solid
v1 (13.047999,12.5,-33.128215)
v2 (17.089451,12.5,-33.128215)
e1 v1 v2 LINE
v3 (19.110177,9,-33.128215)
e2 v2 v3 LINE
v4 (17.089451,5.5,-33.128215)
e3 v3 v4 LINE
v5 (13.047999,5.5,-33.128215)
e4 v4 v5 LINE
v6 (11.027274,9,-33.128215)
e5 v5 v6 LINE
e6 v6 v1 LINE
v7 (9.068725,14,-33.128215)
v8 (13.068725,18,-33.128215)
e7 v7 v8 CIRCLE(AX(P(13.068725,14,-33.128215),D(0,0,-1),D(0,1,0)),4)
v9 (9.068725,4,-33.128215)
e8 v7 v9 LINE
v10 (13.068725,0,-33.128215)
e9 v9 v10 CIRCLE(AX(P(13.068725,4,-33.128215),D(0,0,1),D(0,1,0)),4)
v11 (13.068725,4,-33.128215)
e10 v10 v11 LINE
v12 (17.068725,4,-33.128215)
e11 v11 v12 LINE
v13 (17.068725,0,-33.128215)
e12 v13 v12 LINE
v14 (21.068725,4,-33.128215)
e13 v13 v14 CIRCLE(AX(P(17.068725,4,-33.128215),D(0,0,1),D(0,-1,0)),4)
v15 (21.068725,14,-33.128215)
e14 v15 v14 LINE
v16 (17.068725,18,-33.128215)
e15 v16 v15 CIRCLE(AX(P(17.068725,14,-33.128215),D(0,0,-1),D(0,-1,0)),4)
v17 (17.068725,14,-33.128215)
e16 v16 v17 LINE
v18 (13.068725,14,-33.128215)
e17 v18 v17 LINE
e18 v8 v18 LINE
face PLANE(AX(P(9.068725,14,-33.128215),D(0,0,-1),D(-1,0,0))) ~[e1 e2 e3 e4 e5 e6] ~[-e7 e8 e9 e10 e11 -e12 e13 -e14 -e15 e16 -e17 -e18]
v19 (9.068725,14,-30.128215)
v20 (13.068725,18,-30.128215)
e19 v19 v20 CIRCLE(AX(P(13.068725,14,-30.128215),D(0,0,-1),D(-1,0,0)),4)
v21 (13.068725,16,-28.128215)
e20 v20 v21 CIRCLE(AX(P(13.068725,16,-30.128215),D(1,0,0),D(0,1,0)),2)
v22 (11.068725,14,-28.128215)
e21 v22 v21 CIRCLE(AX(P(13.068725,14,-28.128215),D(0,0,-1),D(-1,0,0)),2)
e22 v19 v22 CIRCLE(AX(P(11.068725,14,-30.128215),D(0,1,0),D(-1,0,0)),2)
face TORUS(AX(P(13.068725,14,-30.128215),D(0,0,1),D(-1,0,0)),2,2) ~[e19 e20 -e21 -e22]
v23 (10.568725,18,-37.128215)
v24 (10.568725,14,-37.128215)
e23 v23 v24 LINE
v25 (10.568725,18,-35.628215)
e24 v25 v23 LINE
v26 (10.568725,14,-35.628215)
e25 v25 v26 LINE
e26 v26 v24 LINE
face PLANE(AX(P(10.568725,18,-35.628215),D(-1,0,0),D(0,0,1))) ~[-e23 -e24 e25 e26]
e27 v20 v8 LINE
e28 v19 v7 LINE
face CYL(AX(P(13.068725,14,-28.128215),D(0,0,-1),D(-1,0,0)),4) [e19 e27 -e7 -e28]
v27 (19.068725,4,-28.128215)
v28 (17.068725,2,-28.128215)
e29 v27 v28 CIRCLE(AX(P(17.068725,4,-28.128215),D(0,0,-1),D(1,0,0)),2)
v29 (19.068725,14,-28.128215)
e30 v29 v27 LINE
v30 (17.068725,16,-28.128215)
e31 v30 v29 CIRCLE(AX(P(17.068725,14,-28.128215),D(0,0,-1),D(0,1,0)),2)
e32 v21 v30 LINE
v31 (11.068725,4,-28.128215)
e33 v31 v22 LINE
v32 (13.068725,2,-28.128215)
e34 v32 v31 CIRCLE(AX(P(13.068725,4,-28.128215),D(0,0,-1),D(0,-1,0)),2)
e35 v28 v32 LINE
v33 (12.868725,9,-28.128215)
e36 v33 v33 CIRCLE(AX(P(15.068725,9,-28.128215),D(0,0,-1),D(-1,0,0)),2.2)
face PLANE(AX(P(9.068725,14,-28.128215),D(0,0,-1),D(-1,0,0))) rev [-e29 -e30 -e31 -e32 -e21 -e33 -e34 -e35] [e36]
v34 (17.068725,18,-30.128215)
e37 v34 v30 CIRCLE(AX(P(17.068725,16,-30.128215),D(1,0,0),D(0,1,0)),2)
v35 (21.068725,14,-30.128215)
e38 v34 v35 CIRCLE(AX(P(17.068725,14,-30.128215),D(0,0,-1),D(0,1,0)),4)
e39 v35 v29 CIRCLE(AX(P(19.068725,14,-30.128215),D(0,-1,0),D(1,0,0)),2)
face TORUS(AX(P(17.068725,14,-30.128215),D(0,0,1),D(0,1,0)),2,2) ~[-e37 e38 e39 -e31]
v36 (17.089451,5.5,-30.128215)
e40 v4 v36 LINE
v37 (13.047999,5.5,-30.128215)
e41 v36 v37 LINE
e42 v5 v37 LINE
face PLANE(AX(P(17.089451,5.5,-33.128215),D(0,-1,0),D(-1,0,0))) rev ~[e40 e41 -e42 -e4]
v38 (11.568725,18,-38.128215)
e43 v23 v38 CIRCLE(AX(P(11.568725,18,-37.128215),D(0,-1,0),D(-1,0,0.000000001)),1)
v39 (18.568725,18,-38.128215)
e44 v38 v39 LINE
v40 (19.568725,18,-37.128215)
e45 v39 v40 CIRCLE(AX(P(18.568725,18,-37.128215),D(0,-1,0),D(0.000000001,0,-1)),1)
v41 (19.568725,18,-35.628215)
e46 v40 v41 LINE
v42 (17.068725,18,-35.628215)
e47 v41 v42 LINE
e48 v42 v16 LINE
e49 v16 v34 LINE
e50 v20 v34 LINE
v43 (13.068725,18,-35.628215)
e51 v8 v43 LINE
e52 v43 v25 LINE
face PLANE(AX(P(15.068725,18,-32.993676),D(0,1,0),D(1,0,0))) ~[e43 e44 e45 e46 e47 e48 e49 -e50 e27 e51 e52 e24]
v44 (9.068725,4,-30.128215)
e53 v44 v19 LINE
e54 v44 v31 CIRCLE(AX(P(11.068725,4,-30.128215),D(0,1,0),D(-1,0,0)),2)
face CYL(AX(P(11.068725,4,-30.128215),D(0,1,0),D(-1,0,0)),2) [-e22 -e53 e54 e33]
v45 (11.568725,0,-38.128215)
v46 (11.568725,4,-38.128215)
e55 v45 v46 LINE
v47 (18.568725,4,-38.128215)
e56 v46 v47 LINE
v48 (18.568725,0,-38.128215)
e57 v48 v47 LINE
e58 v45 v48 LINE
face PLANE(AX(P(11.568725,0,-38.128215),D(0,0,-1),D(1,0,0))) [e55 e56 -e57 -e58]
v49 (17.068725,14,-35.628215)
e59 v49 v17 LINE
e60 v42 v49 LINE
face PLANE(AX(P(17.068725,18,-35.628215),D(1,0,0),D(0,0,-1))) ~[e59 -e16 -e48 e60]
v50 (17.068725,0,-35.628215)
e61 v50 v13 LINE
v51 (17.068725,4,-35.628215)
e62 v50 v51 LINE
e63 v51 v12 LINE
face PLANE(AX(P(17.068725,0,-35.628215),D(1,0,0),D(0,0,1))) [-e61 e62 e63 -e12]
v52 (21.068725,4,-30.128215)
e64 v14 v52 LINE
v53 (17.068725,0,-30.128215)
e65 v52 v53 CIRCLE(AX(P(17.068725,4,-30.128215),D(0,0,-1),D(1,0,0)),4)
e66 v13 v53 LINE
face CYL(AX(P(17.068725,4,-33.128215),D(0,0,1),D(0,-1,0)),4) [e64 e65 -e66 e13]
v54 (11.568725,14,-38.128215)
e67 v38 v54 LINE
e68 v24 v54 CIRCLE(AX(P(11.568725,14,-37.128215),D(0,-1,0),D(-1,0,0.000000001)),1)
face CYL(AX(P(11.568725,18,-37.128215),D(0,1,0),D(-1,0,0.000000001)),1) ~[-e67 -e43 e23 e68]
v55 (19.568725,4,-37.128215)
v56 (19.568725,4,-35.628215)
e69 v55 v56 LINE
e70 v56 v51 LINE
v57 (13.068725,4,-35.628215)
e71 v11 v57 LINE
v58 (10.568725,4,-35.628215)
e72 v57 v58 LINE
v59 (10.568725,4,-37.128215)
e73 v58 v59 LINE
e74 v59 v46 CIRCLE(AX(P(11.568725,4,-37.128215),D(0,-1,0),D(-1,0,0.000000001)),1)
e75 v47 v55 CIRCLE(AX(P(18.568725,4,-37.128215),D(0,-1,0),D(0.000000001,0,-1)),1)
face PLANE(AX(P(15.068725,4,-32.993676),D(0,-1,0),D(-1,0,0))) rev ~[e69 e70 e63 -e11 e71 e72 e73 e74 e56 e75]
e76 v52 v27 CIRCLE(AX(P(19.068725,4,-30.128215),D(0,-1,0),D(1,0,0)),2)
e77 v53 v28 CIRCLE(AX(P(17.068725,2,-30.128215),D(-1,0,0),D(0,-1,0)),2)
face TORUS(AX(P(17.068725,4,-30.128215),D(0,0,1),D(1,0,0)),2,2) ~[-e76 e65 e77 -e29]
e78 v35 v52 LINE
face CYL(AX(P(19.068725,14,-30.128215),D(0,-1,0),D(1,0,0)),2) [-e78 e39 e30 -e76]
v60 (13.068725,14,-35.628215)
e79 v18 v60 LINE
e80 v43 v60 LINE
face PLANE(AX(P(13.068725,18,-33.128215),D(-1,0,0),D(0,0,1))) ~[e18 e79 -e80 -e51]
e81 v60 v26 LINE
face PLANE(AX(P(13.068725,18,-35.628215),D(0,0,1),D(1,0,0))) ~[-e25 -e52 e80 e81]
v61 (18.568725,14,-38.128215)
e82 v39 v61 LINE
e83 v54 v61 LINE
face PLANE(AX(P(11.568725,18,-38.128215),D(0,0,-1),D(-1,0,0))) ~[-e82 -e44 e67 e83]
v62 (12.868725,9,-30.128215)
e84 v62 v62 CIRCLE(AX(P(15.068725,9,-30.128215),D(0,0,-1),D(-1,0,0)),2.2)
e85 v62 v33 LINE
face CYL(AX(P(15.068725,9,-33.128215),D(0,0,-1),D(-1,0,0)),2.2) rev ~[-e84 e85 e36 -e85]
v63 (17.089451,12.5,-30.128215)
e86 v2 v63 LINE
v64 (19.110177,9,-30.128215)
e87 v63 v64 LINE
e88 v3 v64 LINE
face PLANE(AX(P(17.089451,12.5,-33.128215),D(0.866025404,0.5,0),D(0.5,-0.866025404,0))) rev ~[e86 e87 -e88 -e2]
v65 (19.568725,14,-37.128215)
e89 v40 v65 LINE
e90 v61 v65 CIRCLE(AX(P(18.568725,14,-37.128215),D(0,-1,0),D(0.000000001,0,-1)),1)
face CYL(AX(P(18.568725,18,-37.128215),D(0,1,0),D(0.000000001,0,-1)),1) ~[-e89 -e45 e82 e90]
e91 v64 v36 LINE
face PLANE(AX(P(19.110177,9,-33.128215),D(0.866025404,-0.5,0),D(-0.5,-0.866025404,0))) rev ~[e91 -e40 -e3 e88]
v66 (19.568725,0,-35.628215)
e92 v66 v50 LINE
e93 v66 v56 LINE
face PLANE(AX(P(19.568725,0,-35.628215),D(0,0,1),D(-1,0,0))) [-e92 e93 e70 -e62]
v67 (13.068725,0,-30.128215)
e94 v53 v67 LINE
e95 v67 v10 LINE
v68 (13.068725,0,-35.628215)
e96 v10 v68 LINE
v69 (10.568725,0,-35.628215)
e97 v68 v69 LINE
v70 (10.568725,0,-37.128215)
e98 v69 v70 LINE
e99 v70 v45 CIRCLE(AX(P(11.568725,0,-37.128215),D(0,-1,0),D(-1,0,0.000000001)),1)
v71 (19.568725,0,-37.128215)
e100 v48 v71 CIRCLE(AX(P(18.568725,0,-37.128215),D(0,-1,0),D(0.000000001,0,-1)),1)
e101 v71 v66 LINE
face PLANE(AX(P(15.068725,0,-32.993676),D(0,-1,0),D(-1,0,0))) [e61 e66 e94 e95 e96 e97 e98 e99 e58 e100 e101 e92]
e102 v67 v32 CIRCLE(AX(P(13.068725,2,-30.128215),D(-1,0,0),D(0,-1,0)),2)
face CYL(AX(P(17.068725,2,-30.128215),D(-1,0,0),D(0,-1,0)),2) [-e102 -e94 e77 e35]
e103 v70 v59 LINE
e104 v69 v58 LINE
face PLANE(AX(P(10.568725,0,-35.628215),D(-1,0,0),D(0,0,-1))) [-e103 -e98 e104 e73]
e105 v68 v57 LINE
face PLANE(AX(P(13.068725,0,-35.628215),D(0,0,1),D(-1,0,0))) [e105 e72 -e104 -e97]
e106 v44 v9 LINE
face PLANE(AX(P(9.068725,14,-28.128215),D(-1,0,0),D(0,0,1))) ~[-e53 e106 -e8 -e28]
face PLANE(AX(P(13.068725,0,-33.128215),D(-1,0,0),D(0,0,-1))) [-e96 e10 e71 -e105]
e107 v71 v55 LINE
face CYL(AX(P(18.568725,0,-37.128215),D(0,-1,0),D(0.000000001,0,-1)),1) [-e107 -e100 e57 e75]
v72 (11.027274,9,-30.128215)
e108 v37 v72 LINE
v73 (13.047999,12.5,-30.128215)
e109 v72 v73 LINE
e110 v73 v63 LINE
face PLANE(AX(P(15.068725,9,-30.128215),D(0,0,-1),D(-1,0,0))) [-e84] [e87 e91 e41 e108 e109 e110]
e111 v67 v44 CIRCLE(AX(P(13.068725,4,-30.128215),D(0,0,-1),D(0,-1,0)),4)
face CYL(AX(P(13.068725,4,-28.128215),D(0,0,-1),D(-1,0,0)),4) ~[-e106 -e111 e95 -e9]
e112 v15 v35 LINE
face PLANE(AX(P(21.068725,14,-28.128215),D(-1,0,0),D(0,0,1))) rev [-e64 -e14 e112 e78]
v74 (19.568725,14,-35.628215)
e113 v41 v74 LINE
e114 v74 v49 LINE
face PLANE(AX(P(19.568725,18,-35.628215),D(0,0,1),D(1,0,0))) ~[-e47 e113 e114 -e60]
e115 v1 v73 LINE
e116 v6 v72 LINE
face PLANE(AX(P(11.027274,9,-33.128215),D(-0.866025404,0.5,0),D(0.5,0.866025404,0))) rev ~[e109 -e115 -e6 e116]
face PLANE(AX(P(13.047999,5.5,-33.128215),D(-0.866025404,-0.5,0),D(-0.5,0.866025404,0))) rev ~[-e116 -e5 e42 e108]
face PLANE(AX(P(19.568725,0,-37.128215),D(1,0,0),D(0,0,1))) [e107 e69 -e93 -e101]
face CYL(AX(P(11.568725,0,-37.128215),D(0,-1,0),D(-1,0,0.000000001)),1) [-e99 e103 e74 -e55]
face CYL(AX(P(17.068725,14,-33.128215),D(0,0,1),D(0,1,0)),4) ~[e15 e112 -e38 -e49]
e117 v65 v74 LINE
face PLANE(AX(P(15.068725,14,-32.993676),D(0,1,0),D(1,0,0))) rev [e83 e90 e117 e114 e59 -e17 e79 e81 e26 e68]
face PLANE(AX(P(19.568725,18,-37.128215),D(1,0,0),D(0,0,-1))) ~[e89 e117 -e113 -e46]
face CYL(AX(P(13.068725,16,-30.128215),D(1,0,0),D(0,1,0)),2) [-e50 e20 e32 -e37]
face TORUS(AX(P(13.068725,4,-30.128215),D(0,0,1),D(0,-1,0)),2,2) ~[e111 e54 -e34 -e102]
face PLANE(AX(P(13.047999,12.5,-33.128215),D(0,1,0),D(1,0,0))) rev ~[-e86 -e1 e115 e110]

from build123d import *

# Parameters (mm, degrees)
BOSS_EXTRU_3_DEPTH      = 4
ESQUISSE3_W             = 12
ESQUISSE3_H             = 5
BOSS_EXTRU_4_DEPTH      = 5
ENL_V_MAT_EXTRU_1_REACH = 7
ESQUISSE4_R             = 2.2
ENL_V_MAT_EXTRU_2_DEPTH = 3
CONG_1_R                = 4
CONG_2_R                = 2


with BuildPart() as part:
    # Esquisse2 → Boss.-Extru.3 (new body)
    with BuildSketch(Plane(origin=(0, 0, 0), x_dir=(1, 0, 0), z_dir=(0, 1, 0))):
        with BuildLine():
            Line((11.568725398, 38.128215269), (18.568725398, 38.128215269))
            ThreePointArc((18.568725398, 38.128215269), (19.275832179, 37.83532205), (19.568725398, 37.128215269))
            Line((19.568725398, 37.128215269), (19.568725398, 35.628215269))
            Line((19.568725398, 35.628215269), (17.068725398, 35.628215269))
            Line((17.068725398, 35.628215269), (17.068725398, 33.128215269))
            Line((17.068725398, 33.128215269), (21.068725398, 33.128215269))
            Line((21.068725398, 33.128215269), (21.068725398, 28.128215269))
            Line((21.068725398, 28.128215269), (9.068725398, 28.128215269))
            Line((9.068725398, 28.128215269), (9.068725398, 33.128215269))
            Line((9.068725398, 33.128215269), (13.068725398, 33.128215269))
            Line((13.068725398, 33.128215269), (13.068725398, 35.628215269))
            Line((13.068725398, 35.628215269), (10.568725398, 35.628215269))
            Line((10.568725398, 35.628215269), (10.568725398, 37.128215269))
            ThreePointArc((10.568725398, 37.128215269), (10.861618616, 37.83532205), (11.568725398, 38.128215269))
        make_face()
    extrude(amount=BOSS_EXTRU_3_DEPTH)

    # Esquisse3 → Boss.-Extru.4 (add)
    with BuildSketch(Plane(origin=(0, 4, 0), x_dir=(1, 0, 0), z_dir=(0, 1, 0))):
        with Locations((15.068725398, 30.628215269)):
            Rectangle(ESQUISSE3_W, ESQUISSE3_H)
    extrude(amount=BOSS_EXTRU_4_DEPTH)

    # Symétrie1: part across plane


with BuildPart() as part_1:
    add(part.part)
    add(part.part.mirror(Plane.ZX.offset(9)))

    # Esquisse4 → Enlèv. mat.-Extru.1 (cut, up to next)
    with BuildSketch(Plane(origin=(0, 0, -33.128215269), x_dir=(-1, 0, 0), z_dir=(0, 0, -1)), mode=Mode.PRIVATE) as enl_v_mat_extru_1_sk1:
        with Locations((-15.068725398, 9)):
            Circle(ESQUISSE4_R)
    enl_v_mat_extru_1_tool1 = extrude(enl_v_mat_extru_1_sk1.sketch, amount=-ENL_V_MAT_EXTRU_1_REACH, mode=Mode.PRIVATE) & part_1.part
    add(enl_v_mat_extru_1_tool1.solids().sort_by_distance((15.068725, 9, -33.128215))[0], mode=Mode.SUBTRACT)

    # Esquisse5 → Enlèv. mat.-Extru.2 (cut)
    with BuildSketch(Plane(origin=(0, 0, -33.128215269), x_dir=(-1, 0, 0), z_dir=(0, 0, -1))):
        Polygon((-13.047999455, 12.5), (-17.08945134, 12.5), (-19.110177282, 9), (-17.08945134, 5.5), (-13.047999455, 5.5), (-11.027273513, 9), align=None)
    extrude(amount=-ENL_V_MAT_EXTRU_2_DEPTH, mode=Mode.SUBTRACT)

    # Congé1
    cong_1_edges = [part_1.edges().sort_by_distance(p)[0] for p in [
        (9.068725398, 0, -30.628215269),
        (9.068725398, 18, -30.628215269),
        (21.068725398, 18, -30.628215269),
        (21.068725398, 0, -30.628215269),
    ]]
    fillet(cong_1_edges, radius=CONG_1_R)

    # Congé2
    cong_2_edges = [part_1.edges().sort_by_distance(p)[0] for p in [
        (9.068725398, 9, -28.128215269),
        (15.068725398, 0, -28.128215269),
        (21.068725398, 9, -28.128215269),
        (15.068725398, 18, -28.128215269),
        (19.897152522, 16.828427125, -28.128215269),
        (19.897152522, 1.171572875, -28.128215269),
        (10.240298273, 16.828427125, -28.128215269),
        (10.240298273, 1.171572875, -28.128215269),
    ]]
    fillet(cong_2_edges, radius=CONG_2_R)


solid = part_1.part
